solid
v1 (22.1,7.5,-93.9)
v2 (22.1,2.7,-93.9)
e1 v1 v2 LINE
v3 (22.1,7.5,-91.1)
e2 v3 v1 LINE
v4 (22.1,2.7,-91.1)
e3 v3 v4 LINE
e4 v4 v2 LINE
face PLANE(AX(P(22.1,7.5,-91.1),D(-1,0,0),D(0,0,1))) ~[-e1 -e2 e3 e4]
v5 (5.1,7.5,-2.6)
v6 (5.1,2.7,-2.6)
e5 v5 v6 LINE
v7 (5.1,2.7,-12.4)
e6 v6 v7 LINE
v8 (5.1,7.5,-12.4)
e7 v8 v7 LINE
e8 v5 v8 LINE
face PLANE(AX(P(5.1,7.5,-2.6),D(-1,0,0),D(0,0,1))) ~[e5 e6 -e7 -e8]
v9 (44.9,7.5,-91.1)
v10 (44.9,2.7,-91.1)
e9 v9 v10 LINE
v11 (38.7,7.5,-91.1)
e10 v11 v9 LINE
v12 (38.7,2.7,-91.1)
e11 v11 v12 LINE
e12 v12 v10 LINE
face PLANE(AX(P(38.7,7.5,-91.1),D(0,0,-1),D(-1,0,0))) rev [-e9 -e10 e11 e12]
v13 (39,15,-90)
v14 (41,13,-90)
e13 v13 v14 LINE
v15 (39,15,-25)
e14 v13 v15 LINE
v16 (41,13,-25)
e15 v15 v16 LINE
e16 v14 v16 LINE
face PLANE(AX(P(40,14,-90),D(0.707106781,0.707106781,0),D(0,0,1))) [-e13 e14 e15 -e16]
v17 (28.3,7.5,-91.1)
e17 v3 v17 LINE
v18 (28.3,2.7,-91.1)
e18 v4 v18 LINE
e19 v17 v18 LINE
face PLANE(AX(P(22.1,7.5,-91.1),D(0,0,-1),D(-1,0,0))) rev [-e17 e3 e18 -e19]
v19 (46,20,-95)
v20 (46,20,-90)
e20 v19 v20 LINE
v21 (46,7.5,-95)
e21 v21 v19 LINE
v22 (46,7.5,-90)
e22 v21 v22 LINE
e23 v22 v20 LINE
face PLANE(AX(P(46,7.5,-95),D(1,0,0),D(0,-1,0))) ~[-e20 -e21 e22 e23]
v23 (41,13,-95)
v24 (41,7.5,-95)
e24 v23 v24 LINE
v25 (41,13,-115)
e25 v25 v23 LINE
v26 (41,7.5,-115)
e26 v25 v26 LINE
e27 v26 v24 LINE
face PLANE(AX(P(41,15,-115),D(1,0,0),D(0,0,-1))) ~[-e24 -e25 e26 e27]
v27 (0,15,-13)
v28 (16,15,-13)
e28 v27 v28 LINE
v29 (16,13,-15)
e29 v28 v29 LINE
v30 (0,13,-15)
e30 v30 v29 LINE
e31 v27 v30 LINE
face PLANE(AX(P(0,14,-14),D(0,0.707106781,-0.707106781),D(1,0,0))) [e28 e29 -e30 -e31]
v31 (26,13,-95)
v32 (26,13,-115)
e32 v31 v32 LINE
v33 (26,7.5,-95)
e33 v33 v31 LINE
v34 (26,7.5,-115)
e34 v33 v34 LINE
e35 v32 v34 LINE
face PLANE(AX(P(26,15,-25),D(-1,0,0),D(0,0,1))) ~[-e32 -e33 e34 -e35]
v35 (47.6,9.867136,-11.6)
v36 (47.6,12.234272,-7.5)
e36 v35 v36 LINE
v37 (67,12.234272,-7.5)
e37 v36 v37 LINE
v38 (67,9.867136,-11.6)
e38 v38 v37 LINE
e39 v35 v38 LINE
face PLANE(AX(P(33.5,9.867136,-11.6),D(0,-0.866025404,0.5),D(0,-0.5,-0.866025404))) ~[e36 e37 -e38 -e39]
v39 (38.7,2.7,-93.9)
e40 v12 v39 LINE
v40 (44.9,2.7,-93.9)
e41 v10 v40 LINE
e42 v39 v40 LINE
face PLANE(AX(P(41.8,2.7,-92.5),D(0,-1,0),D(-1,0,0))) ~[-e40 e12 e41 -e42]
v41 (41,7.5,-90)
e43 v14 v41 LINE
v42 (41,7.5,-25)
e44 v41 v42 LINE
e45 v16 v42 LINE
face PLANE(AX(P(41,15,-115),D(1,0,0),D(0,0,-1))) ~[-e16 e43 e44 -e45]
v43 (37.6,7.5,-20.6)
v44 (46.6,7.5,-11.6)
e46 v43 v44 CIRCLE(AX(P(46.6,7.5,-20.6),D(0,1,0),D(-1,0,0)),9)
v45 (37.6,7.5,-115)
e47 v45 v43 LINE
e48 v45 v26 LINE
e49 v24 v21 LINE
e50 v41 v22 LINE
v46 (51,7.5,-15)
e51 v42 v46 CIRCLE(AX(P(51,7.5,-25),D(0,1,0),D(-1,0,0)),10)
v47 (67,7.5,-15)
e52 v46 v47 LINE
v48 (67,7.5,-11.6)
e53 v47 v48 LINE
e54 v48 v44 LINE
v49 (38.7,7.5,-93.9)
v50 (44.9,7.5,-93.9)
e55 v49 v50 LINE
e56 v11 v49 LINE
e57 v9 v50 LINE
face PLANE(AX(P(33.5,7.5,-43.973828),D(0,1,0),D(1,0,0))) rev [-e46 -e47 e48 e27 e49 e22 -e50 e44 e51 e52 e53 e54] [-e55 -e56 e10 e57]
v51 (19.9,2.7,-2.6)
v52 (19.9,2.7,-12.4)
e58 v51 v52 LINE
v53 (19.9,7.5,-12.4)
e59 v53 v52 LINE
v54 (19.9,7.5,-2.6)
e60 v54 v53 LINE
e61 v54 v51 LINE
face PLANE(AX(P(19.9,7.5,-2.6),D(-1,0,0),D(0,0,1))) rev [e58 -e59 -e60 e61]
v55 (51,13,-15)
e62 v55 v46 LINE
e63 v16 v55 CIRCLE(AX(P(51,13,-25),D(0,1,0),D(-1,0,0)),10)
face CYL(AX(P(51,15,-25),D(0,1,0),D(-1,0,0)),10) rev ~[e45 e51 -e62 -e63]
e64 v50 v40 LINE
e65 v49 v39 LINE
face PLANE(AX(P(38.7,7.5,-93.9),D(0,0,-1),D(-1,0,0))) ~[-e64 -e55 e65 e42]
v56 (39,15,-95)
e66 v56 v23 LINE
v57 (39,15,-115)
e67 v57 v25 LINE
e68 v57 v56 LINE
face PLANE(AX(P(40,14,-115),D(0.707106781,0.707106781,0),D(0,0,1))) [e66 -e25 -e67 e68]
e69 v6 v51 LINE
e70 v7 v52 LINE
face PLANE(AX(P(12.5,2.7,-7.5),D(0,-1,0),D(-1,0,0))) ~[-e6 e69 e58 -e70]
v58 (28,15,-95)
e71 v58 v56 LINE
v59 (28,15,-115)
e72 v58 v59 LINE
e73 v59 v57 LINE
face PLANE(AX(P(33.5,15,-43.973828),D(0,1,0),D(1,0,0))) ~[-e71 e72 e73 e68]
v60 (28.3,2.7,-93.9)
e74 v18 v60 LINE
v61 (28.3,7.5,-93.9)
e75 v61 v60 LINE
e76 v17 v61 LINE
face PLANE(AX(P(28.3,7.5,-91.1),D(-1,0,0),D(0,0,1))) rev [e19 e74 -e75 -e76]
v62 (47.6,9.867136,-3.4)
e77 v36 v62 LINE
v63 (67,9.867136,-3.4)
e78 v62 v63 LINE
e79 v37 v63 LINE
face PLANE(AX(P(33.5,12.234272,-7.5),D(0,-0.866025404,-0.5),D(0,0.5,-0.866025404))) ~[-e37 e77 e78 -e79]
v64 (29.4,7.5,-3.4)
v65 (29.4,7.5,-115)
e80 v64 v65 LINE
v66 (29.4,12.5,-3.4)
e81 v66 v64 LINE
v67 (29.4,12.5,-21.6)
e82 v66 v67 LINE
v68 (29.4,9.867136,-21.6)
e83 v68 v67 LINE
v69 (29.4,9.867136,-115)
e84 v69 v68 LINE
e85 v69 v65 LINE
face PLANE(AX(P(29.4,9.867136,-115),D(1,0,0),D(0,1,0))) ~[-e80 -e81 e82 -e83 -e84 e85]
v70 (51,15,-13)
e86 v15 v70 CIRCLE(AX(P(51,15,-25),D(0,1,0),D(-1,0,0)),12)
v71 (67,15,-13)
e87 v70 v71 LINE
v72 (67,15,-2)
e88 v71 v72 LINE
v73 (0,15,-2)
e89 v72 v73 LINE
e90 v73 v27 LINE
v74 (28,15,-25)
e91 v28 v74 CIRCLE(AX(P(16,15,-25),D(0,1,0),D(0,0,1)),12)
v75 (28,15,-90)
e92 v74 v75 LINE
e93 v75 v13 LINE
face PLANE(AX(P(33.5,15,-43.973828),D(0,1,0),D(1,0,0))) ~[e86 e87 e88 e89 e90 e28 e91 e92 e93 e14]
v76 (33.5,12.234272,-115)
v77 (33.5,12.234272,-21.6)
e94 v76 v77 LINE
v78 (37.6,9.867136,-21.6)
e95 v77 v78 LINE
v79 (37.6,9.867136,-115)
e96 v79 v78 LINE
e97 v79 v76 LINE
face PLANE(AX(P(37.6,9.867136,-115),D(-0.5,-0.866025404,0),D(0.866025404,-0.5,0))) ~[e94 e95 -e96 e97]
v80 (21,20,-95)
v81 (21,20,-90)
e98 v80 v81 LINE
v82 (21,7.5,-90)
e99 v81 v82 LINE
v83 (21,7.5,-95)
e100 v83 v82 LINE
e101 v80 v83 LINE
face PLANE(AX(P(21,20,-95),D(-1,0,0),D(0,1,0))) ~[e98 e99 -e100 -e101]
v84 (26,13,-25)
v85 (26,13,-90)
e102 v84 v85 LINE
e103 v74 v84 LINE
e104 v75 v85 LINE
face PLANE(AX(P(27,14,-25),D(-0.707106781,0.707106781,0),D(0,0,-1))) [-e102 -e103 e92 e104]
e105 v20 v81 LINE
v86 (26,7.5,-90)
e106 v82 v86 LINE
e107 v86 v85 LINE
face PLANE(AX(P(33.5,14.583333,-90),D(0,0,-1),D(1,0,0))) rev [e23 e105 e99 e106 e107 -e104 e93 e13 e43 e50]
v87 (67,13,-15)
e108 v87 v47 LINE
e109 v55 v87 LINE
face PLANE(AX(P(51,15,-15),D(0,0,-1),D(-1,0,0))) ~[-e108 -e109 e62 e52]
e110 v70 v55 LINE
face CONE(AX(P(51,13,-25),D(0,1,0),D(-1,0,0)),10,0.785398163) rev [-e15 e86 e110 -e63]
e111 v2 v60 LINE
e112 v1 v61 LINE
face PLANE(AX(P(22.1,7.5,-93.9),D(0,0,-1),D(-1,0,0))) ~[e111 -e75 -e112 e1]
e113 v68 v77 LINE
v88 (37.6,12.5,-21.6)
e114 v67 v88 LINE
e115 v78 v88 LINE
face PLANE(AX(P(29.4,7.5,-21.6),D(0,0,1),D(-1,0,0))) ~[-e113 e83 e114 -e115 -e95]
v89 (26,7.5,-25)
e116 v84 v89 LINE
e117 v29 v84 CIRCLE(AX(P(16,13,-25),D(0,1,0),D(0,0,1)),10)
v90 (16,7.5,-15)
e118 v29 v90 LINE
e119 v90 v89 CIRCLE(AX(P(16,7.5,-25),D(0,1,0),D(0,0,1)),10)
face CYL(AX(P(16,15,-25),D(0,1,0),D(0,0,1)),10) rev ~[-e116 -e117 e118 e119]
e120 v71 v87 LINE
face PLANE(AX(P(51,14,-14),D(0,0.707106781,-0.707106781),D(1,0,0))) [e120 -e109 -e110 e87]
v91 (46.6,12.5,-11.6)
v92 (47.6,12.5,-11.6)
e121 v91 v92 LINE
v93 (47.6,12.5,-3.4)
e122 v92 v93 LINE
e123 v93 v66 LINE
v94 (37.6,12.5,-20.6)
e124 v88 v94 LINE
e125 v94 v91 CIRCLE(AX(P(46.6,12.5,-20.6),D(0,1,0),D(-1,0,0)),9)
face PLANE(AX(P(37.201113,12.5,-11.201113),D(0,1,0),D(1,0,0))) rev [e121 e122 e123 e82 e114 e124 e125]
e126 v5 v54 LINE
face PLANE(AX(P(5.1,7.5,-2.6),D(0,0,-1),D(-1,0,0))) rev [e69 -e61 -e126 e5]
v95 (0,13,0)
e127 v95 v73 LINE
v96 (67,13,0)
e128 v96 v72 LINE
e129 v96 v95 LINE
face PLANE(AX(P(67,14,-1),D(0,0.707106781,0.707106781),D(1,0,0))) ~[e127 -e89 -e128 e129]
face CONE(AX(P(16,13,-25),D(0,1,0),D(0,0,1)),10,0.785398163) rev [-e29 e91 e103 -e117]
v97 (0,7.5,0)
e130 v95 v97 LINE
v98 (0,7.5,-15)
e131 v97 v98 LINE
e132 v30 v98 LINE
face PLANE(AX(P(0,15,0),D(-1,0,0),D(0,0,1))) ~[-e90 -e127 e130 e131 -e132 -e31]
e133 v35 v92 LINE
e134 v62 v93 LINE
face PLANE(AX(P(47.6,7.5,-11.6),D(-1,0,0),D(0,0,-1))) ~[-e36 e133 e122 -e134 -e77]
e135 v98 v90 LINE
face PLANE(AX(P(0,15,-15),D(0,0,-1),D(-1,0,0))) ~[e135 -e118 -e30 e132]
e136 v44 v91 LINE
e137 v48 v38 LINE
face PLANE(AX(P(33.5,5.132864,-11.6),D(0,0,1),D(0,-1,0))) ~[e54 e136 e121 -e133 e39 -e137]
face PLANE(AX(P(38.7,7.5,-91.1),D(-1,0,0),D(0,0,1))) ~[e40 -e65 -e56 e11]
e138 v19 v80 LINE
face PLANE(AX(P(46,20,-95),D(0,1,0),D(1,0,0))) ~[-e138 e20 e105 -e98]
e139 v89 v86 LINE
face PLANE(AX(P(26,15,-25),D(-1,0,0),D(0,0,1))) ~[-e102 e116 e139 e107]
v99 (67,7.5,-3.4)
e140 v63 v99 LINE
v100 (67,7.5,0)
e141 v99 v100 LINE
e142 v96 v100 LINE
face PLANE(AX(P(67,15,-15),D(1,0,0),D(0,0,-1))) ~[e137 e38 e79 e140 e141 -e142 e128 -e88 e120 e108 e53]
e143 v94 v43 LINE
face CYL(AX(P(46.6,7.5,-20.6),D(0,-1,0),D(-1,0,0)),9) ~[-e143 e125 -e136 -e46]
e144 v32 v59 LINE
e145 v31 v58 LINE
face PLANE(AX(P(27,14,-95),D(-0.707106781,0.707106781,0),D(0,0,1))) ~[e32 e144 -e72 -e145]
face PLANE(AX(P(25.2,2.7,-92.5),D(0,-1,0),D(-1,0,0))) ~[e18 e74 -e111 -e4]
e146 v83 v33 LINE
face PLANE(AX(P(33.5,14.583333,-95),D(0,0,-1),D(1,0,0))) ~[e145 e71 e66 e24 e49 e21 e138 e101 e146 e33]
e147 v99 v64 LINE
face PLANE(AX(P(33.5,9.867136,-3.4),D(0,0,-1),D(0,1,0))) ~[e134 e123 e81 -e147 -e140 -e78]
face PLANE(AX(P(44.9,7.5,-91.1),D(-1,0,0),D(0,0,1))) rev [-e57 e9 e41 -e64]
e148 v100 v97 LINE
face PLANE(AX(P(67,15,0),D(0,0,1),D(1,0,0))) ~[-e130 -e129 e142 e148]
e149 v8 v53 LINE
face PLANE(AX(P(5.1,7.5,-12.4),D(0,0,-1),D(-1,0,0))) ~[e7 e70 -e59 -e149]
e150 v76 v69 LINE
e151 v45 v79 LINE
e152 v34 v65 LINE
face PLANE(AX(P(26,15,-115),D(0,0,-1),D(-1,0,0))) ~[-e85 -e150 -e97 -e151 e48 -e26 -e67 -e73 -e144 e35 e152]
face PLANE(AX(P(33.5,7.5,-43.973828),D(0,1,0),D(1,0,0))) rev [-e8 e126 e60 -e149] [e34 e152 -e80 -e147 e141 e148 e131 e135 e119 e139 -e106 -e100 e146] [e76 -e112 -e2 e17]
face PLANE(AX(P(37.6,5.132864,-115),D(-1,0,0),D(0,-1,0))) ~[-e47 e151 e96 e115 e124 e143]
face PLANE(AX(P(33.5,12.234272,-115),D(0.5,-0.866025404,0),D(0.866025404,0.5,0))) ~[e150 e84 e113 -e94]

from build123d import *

# Parameters (mm, degrees)
BOSS_EXTRUDE1_DEPTH = 7.5
CUT_EXTRUDE6_DEPTH  = 5
BOSS_EXTRUDE2_START = -20
BOSS_EXTRUDE2_DEPTH = 5
CHAMFER1_SIZE       = 2
SKETCH11_W          = 14.8
SKETCH11_H          = 9.8
SKETCH11_W_2        = 6.2
SKETCH11_H_2        = 2.8
BOSS_EXTRUDE3_DEPTH = 4.8


with BuildPart() as part:
    # Sketch1 → Boss-Extrude1 (new body)
    with BuildSketch(Plane(origin=(0, 0, 0), x_dir=(1, 0, 0), z_dir=(0, 1, 0))):
        with BuildLine():
            Line((0, 0), (0, 15))
            Line((0, 15), (16, 15))
            ThreePointArc((16, 15), (23.071067812, 17.928932188), (26, 25))
            Line((26, 25), (26, 115))
            Line((26, 115), (41, 115))
            Line((41, 115), (41, 25))
            ThreePointArc((41, 25), (43.928932188, 17.928932188), (51, 15))
            Line((51, 15), (67, 15))
            Line((67, 15), (67, 0))
            Line((67, 0), (0, 0))
        make_face()
    extrude(amount=BOSS_EXTRUDE1_DEPTH)

    # Cut-Sweep1: sweep along a path in Sketch2
    with BuildLine(Plane(origin=(0, 7.5, 0), x_dir=(1, 0, 0), z_dir=(0, 1, 0))) as cut_sweep1_path:
        Line((33.5, 115), (33.5, 7.5))
        Line((33.5, 7.5), (67, 7.5))
    # Sketch3 → Cut-Sweep1 (sweep, cut)
    with BuildSketch(Plane(origin=(0, 0, -115), x_dir=(-1, 0, 0), z_dir=(0, 0, -1))):
        Polygon((-37.6, 5.132863896), (-33.5, 2.765727793), (-29.4, 5.132863896), (-29.4, 9.867136104), (-33.5, 12.234272207), (-37.6, 9.867136104), align=None)
    sweep(path=cut_sweep1_path.line, transition=Transition.RIGHT, mode=Mode.SUBTRACT)

    # Sketch7 → Cut-Extrude6 (cut)
    with BuildSketch(Plane(origin=(0, 7.5, 0), x_dir=(1, 0, 0), z_dir=(0, 1, 0))):
        with BuildLine():
            Line((47.6, 11.6), (47.6, 3.4))
            Line((47.6, 3.4), (29.4, 3.4))
            Line((29.4, 3.4), (29.4, 21.6))
            Line((29.4, 21.6), (37.6, 21.6))
            Line((37.6, 21.6), (37.6, 20.6))
            ThreePointArc((37.6, 20.6), (40.236038969, 14.236038969), (46.6, 11.6))
            Line((46.6, 11.6), (47.6, 11.6))
        make_face()
    extrude(amount=-CUT_EXTRUDE6_DEPTH, mode=Mode.SUBTRACT)

    # Sketch10 → Boss-Extrude2 (add)
    with BuildSketch(Plane(origin=(0, 0, -115), x_dir=(-1, 0, 0), z_dir=(0, 0, -1)).offset(BOSS_EXTRUDE2_START)):
        Polygon((-41, 7.5), (-46, 7.5), (-46, -5), (-21, -5), (-21, 7.5), (-26, 7.5), (-26, 0), (-41, 0), align=None)
    extrude(amount=-BOSS_EXTRUDE2_DEPTH)

    # Chamfer1
    chamfer1_edges = [part.edges().sort_by_distance(p)[0] for p in [
        (26, 0, -57.5),
        (41, 0, -105),
        (33.5, 0, 0),
        (8, 0, -15),
        (23.071067812, 0, -17.928932188),
        (26, 0, -105),
        (41, 0, -57.5),
        (43.928932188, 0, -17.928932188),
        (59, 0, -15),
    ]]
    chamfer(chamfer1_edges, length=CHAMFER1_SIZE)

    # Sketch11 → Boss-Extrude3 (add)
    with BuildSketch(Plane(origin=(0, 7.5, 0), x_dir=(1, 0, 0), z_dir=(0, 1, 0))):
        with Locations((12.5, 7.5)):
            Rectangle(SKETCH11_W, SKETCH11_H)
        with Locations((25.2, 92.5)):
            Rectangle(SKETCH11_W_2, SKETCH11_H_2)
        with Locations((41.8, 92.5)):
            Rectangle(SKETCH11_W_2, SKETCH11_H_2)
    extrude(amount=BOSS_EXTRUDE3_DEPTH)


with BuildPart() as body_2:
    # Mirror1: mirrored copy
    add(part.part.mirror(Plane.ZX.offset(7.5)))


solid = body_2.part
